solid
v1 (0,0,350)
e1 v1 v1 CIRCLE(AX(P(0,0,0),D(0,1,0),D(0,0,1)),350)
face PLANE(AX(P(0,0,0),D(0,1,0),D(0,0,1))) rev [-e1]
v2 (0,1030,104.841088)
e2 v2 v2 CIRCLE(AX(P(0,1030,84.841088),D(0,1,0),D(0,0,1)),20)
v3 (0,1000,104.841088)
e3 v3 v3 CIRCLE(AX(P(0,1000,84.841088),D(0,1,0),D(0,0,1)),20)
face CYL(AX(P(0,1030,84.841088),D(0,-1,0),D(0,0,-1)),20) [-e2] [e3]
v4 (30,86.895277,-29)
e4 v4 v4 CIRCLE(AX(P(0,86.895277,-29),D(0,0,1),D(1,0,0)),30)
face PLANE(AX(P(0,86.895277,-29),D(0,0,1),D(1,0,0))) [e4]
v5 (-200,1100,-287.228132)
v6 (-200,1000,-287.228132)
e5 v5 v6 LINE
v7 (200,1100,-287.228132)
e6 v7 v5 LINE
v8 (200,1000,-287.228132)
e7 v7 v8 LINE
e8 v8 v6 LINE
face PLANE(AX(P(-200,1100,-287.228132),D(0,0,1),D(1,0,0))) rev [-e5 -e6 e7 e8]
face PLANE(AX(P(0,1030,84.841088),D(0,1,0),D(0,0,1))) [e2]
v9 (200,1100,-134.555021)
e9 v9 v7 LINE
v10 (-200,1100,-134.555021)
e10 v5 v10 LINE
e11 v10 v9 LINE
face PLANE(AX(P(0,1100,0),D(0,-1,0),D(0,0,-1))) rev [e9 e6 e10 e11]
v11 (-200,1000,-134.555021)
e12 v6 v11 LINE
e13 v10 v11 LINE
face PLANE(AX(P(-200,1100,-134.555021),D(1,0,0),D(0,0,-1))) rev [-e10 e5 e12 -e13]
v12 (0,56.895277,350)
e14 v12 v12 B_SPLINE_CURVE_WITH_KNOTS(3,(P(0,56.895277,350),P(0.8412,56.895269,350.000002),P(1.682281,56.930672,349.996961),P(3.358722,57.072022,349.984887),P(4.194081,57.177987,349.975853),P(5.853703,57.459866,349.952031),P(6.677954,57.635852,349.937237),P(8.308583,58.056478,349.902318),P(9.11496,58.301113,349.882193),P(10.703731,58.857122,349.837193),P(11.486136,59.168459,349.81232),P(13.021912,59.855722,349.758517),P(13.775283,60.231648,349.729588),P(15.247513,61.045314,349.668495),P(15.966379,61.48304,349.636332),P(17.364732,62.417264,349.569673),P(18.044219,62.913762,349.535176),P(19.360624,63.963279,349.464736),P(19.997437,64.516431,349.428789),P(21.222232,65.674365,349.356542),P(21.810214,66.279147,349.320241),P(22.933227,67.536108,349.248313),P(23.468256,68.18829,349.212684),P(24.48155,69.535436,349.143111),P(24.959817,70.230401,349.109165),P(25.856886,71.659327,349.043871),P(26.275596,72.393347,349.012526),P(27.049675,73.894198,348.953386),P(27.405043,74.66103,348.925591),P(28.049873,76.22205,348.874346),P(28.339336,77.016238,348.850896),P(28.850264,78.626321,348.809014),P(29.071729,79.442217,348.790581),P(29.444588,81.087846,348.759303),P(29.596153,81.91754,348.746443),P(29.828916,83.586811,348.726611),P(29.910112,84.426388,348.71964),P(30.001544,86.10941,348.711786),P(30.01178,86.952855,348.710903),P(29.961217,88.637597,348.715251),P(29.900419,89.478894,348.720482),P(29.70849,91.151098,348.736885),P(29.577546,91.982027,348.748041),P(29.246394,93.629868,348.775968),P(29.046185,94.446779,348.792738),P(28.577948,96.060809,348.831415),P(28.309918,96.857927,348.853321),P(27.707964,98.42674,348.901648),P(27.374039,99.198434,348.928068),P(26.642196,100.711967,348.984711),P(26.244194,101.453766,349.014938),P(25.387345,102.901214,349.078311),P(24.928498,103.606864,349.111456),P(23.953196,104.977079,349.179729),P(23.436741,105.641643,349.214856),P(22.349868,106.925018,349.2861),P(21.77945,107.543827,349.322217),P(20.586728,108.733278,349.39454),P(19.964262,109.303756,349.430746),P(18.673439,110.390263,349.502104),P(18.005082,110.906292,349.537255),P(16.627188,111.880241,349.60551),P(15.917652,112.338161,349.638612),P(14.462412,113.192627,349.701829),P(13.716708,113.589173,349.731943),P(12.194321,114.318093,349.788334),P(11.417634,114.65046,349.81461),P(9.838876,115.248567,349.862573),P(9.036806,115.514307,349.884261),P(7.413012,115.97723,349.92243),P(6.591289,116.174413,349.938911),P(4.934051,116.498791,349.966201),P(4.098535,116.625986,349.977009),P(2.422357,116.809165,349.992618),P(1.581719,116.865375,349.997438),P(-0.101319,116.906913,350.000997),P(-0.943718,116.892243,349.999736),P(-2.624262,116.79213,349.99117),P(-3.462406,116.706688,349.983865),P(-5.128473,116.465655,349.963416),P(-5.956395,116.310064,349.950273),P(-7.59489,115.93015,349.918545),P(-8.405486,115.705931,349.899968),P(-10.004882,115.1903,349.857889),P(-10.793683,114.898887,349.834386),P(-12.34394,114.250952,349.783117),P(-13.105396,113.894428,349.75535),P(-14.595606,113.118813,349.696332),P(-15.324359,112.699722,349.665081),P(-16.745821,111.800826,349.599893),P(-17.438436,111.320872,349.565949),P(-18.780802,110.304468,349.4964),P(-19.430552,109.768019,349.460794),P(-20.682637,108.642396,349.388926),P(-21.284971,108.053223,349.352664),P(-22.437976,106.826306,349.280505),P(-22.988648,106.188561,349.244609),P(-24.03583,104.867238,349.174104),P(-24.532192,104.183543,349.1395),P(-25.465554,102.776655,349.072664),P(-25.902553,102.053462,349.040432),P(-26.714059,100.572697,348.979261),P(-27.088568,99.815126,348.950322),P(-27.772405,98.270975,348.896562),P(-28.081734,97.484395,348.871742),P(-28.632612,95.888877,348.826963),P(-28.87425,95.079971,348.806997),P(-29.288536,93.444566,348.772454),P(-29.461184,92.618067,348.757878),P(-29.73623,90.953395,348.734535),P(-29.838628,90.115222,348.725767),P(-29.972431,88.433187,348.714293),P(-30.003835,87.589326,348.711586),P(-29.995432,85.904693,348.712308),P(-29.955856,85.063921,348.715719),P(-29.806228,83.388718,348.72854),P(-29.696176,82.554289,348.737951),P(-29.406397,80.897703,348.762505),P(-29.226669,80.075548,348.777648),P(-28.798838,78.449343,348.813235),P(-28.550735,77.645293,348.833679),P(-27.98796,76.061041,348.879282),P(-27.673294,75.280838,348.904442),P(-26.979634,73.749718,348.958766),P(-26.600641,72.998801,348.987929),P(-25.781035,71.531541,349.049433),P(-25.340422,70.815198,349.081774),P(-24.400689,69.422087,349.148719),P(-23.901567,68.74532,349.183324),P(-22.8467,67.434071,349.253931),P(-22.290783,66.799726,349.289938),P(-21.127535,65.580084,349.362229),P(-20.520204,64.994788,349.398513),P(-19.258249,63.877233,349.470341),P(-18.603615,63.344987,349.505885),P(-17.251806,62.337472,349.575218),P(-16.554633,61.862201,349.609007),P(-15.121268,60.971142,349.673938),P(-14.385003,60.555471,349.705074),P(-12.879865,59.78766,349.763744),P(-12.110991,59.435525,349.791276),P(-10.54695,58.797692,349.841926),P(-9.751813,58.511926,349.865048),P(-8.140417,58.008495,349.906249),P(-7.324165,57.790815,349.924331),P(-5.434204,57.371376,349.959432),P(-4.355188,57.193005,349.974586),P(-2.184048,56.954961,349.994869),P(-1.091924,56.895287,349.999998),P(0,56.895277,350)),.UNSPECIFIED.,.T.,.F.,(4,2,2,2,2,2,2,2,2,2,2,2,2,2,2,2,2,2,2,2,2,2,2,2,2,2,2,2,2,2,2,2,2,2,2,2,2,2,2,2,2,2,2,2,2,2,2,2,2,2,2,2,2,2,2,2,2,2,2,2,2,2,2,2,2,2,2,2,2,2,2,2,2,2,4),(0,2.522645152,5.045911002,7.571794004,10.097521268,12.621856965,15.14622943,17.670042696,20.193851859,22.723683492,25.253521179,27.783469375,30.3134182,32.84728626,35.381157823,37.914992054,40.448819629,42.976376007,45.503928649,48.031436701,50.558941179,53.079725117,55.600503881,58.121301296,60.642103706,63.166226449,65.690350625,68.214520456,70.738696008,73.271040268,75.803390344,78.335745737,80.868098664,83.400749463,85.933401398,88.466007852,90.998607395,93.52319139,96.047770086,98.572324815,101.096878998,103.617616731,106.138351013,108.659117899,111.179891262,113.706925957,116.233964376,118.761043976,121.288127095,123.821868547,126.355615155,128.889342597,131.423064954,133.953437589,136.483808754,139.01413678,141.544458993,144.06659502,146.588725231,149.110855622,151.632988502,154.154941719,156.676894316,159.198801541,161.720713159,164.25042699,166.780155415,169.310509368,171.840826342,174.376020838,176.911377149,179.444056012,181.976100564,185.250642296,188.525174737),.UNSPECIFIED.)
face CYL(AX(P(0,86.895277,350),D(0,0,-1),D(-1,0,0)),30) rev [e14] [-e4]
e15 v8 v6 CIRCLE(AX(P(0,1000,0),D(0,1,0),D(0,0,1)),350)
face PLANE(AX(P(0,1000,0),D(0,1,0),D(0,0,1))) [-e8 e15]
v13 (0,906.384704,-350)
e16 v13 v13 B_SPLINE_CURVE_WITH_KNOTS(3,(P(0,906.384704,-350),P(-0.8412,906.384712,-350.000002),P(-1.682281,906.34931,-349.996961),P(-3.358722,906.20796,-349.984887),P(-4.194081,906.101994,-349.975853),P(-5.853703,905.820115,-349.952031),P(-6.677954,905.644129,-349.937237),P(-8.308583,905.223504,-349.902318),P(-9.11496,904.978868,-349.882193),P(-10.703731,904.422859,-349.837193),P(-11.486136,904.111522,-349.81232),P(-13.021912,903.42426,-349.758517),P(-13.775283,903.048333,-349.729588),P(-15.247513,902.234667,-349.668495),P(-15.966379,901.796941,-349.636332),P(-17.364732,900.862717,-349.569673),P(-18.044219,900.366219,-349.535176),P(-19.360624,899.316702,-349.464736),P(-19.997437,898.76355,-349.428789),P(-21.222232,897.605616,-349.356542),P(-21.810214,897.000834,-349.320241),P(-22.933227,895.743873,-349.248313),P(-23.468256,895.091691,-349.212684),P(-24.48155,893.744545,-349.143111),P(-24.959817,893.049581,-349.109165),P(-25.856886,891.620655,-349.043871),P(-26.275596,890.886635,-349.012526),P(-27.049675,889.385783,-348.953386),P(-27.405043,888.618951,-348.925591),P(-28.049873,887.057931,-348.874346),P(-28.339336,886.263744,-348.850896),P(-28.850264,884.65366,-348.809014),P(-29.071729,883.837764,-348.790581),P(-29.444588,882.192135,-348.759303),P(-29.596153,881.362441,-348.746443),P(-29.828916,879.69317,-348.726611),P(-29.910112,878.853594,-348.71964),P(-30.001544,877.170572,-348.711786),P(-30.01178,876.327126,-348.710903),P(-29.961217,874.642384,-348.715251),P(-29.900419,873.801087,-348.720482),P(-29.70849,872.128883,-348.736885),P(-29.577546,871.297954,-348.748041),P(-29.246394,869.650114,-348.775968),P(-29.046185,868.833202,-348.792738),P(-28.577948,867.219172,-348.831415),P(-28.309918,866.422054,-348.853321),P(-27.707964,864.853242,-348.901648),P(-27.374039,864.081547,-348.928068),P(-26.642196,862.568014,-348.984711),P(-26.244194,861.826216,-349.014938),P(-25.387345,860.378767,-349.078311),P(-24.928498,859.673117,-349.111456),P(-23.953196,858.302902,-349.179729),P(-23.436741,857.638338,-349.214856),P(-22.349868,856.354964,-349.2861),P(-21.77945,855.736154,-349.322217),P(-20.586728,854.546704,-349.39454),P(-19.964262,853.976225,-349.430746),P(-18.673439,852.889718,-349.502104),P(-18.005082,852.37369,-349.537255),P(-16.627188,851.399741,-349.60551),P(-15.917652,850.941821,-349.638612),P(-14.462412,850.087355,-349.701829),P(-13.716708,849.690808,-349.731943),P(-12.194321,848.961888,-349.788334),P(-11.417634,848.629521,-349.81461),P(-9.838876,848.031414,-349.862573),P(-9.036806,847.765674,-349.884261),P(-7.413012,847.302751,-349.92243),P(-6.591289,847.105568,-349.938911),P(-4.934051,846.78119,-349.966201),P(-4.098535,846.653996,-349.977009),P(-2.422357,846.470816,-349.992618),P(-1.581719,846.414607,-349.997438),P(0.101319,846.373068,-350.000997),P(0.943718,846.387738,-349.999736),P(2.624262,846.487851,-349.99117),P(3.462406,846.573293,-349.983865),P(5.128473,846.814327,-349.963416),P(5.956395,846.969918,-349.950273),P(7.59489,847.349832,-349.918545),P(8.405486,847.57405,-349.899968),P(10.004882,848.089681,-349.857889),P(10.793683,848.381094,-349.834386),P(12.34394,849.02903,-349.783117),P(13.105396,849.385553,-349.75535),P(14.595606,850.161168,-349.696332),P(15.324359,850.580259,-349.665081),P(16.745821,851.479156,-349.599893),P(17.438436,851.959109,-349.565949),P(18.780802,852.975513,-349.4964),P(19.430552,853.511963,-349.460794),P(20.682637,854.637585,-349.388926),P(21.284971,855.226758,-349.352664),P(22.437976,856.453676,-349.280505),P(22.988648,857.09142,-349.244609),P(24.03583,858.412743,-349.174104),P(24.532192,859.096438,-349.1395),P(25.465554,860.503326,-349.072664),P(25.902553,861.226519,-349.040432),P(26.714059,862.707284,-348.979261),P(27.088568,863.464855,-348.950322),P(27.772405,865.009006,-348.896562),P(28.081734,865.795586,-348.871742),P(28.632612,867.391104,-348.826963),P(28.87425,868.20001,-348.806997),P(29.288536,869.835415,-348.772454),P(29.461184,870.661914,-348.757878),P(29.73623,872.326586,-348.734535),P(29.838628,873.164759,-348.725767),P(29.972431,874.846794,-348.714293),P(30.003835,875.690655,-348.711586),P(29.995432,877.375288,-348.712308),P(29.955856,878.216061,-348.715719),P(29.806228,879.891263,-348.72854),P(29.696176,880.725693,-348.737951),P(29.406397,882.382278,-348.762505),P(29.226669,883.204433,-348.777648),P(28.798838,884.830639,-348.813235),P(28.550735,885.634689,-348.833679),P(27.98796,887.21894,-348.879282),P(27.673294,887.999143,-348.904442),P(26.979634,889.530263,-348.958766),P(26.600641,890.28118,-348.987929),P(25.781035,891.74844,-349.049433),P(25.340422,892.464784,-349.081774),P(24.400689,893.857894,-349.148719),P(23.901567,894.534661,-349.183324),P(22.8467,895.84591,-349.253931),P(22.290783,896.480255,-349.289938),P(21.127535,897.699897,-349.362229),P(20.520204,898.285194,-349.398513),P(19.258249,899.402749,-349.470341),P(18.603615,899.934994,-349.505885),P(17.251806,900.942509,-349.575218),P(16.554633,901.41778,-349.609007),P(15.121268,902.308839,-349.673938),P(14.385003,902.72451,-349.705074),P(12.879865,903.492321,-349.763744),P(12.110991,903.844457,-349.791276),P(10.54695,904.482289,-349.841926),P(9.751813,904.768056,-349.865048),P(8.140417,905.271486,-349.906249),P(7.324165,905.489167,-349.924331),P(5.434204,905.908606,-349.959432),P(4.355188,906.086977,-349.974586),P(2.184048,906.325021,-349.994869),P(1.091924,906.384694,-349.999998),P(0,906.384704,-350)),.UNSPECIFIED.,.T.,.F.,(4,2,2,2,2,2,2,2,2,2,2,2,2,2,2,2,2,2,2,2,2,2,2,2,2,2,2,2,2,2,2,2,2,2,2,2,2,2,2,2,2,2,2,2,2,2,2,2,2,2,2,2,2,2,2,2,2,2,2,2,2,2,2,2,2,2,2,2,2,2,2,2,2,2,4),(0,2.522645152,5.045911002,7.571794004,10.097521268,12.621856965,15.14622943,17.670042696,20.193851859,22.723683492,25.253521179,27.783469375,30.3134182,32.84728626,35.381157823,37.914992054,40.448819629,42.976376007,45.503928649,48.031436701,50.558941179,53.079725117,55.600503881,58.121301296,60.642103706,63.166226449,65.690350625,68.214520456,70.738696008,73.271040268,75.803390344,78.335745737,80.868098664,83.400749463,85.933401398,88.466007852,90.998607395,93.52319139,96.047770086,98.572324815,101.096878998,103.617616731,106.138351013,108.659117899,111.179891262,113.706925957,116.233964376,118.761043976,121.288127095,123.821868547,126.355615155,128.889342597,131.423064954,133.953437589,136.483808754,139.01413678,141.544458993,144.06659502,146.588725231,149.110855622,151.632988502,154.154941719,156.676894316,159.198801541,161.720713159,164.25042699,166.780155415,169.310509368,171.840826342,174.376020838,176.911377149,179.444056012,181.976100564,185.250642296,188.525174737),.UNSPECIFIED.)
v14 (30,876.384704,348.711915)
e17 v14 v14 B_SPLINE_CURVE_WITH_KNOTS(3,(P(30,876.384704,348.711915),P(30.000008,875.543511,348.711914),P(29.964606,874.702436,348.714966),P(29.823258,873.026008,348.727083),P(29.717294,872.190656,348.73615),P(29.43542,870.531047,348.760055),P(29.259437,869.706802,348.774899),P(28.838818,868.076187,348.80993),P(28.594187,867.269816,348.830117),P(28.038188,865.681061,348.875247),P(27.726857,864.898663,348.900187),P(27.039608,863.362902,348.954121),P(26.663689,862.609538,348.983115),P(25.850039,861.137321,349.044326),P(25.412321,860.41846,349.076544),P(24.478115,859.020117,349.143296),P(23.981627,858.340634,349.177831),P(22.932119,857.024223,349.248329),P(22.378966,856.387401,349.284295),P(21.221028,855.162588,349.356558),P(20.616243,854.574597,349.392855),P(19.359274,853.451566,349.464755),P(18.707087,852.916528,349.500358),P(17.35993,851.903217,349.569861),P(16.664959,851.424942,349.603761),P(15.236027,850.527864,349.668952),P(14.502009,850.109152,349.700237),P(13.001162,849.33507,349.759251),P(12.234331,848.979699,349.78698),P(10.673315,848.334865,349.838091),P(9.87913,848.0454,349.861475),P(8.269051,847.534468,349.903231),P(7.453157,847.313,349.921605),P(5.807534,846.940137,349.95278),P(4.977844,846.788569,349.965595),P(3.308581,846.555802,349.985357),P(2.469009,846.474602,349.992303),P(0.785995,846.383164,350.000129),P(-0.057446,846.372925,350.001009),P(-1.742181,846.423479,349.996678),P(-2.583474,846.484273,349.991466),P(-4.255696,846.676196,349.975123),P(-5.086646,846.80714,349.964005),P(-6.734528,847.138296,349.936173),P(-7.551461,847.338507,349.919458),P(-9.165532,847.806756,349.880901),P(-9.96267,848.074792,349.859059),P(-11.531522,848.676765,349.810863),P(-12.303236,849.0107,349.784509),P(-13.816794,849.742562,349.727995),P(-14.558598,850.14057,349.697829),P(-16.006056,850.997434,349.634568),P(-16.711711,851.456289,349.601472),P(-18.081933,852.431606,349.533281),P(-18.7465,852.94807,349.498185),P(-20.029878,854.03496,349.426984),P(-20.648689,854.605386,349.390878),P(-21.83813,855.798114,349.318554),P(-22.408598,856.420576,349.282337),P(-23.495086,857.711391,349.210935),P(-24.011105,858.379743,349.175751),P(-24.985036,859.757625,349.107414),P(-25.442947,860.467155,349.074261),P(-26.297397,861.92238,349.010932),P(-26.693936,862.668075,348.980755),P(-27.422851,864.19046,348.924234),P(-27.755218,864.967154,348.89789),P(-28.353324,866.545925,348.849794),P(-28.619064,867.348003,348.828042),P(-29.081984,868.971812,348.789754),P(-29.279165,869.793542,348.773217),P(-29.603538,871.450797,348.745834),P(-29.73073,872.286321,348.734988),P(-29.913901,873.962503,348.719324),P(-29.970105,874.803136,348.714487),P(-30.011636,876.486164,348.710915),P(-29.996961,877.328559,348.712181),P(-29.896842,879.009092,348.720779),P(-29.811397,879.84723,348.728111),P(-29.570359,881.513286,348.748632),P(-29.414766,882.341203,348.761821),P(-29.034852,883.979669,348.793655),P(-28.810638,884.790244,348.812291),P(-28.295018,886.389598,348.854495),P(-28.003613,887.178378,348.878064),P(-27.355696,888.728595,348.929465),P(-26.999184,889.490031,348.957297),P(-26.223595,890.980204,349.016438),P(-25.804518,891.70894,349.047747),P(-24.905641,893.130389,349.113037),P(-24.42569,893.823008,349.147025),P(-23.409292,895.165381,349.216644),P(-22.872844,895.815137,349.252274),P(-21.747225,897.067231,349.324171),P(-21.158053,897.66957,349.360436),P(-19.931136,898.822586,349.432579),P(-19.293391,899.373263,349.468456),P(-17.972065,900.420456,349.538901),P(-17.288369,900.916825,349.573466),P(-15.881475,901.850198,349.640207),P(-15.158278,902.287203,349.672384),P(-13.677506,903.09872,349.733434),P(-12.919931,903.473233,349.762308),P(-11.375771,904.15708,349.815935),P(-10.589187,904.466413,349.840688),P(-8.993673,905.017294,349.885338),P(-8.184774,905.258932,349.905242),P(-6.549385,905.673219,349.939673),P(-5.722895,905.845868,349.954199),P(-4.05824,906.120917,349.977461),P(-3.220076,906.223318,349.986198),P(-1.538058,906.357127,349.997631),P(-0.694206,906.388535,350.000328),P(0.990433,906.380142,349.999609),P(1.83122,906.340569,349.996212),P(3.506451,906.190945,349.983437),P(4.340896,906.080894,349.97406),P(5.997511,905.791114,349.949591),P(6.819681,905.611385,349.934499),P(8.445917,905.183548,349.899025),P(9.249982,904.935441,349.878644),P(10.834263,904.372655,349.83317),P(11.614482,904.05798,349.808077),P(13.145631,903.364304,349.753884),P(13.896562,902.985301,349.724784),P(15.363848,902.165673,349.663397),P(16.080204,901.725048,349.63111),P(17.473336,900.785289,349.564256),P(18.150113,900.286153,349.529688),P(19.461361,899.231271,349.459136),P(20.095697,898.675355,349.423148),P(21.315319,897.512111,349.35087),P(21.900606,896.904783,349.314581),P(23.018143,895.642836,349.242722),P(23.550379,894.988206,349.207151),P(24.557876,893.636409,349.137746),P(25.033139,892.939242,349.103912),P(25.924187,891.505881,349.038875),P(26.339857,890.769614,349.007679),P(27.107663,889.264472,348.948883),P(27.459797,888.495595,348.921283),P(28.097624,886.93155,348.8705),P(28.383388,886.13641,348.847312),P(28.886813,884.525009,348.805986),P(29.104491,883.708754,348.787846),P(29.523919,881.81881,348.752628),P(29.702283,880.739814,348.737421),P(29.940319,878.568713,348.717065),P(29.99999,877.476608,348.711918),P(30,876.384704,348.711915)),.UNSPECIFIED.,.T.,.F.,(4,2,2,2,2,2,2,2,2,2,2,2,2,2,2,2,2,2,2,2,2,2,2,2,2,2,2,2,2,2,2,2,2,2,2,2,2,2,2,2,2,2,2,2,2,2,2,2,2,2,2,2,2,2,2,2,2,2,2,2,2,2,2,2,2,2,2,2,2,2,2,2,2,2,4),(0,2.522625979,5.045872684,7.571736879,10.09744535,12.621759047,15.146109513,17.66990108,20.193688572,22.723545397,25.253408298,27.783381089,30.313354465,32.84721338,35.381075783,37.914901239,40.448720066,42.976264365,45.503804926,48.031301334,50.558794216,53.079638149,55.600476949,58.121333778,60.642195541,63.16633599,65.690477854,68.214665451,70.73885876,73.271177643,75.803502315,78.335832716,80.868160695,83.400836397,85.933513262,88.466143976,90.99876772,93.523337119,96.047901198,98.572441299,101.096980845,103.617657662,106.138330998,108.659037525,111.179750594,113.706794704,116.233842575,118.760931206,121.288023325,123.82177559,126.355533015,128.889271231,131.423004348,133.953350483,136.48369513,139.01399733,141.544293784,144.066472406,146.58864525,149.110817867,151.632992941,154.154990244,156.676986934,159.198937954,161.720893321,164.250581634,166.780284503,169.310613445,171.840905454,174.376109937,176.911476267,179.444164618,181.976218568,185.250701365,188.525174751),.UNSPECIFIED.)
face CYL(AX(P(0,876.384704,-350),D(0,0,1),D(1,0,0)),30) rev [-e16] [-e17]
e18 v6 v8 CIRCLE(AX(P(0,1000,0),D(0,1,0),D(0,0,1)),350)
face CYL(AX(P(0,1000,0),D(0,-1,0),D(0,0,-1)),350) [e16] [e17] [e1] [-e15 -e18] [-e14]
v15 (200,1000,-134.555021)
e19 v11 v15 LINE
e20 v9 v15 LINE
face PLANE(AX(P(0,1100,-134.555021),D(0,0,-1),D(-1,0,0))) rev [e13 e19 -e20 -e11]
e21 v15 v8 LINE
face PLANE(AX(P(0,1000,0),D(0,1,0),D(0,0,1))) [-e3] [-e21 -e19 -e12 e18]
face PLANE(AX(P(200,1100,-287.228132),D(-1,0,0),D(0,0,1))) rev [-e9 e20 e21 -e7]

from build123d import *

# Parameters (mm, degrees)
SKETCH2_R               = 350
BOSS_EXTRUDE1_DEPTH     = 1000
SKETCH3_R               = 20
BOSS_EXTRUDE2_DEPTH     = 30
BOSS_EXTRUDE3_DEPTH     = 100
SKETCH5_R               = 30
CUT_EXTRUDE1_DEPTH      = 351
CUT_EXTRUDE1_DEPTH_BACK = 351
SKETCH6_R               = 30
CUT_EXTRUDE2_DEPTH      = 351.000000102
CUT_EXTRUDE2_DEPTH_BACK = 29


with BuildPart() as part:
    # Sketch2 → Boss-Extrude1 (new body)
    with BuildSketch(Plane(origin=(0, 0, 0), x_dir=(1, 0, 0), z_dir=(0, 1, 0))):
        Circle(SKETCH2_R)
    extrude(amount=BOSS_EXTRUDE1_DEPTH)

    # Sketch3 → Boss-Extrude2 (add)
    with BuildSketch(Plane(origin=(0, 1000, 0), x_dir=(1, 0, 0), z_dir=(0, 1, 0))):
        with Locations((0, -84.841088142)):
            Circle(SKETCH3_R)
    extrude(amount=BOSS_EXTRUDE2_DEPTH)

    # Sketch4 → Boss-Extrude3 (add)
    with BuildSketch(Plane(origin=(0, 1000, 0), x_dir=(1, 0, 0), z_dir=(0, 1, 0))):
        Polygon((0, 134.555021266), (200, 134.555021266), (200, 287.228132327), (-200, 287.228132327), (-200, 134.555021266), align=None)
    extrude(amount=BOSS_EXTRUDE3_DEPTH)

    # Sketch5 → Cut-Extrude1 (cut, two sides)
    with BuildSketch(Plane.XY) as cut_extrude1_sk:
        with Locations((0, 876.38470429)):
            Circle(SKETCH5_R)
    extrude(amount=CUT_EXTRUDE1_DEPTH, mode=Mode.SUBTRACT)
    extrude(cut_extrude1_sk.sketch, amount=-CUT_EXTRUDE1_DEPTH_BACK, mode=Mode.SUBTRACT)

    # Sketch6 → Cut-Extrude2 (cut, two sides)
    with BuildSketch(Plane.XY) as cut_extrude2_sk:
        with Locations((0, 86.895276968)):
            Circle(SKETCH6_R)
    extrude(amount=CUT_EXTRUDE2_DEPTH, mode=Mode.SUBTRACT)
    extrude(cut_extrude2_sk.sketch, amount=-CUT_EXTRUDE2_DEPTH_BACK, mode=Mode.SUBTRACT)


solid = part.part
